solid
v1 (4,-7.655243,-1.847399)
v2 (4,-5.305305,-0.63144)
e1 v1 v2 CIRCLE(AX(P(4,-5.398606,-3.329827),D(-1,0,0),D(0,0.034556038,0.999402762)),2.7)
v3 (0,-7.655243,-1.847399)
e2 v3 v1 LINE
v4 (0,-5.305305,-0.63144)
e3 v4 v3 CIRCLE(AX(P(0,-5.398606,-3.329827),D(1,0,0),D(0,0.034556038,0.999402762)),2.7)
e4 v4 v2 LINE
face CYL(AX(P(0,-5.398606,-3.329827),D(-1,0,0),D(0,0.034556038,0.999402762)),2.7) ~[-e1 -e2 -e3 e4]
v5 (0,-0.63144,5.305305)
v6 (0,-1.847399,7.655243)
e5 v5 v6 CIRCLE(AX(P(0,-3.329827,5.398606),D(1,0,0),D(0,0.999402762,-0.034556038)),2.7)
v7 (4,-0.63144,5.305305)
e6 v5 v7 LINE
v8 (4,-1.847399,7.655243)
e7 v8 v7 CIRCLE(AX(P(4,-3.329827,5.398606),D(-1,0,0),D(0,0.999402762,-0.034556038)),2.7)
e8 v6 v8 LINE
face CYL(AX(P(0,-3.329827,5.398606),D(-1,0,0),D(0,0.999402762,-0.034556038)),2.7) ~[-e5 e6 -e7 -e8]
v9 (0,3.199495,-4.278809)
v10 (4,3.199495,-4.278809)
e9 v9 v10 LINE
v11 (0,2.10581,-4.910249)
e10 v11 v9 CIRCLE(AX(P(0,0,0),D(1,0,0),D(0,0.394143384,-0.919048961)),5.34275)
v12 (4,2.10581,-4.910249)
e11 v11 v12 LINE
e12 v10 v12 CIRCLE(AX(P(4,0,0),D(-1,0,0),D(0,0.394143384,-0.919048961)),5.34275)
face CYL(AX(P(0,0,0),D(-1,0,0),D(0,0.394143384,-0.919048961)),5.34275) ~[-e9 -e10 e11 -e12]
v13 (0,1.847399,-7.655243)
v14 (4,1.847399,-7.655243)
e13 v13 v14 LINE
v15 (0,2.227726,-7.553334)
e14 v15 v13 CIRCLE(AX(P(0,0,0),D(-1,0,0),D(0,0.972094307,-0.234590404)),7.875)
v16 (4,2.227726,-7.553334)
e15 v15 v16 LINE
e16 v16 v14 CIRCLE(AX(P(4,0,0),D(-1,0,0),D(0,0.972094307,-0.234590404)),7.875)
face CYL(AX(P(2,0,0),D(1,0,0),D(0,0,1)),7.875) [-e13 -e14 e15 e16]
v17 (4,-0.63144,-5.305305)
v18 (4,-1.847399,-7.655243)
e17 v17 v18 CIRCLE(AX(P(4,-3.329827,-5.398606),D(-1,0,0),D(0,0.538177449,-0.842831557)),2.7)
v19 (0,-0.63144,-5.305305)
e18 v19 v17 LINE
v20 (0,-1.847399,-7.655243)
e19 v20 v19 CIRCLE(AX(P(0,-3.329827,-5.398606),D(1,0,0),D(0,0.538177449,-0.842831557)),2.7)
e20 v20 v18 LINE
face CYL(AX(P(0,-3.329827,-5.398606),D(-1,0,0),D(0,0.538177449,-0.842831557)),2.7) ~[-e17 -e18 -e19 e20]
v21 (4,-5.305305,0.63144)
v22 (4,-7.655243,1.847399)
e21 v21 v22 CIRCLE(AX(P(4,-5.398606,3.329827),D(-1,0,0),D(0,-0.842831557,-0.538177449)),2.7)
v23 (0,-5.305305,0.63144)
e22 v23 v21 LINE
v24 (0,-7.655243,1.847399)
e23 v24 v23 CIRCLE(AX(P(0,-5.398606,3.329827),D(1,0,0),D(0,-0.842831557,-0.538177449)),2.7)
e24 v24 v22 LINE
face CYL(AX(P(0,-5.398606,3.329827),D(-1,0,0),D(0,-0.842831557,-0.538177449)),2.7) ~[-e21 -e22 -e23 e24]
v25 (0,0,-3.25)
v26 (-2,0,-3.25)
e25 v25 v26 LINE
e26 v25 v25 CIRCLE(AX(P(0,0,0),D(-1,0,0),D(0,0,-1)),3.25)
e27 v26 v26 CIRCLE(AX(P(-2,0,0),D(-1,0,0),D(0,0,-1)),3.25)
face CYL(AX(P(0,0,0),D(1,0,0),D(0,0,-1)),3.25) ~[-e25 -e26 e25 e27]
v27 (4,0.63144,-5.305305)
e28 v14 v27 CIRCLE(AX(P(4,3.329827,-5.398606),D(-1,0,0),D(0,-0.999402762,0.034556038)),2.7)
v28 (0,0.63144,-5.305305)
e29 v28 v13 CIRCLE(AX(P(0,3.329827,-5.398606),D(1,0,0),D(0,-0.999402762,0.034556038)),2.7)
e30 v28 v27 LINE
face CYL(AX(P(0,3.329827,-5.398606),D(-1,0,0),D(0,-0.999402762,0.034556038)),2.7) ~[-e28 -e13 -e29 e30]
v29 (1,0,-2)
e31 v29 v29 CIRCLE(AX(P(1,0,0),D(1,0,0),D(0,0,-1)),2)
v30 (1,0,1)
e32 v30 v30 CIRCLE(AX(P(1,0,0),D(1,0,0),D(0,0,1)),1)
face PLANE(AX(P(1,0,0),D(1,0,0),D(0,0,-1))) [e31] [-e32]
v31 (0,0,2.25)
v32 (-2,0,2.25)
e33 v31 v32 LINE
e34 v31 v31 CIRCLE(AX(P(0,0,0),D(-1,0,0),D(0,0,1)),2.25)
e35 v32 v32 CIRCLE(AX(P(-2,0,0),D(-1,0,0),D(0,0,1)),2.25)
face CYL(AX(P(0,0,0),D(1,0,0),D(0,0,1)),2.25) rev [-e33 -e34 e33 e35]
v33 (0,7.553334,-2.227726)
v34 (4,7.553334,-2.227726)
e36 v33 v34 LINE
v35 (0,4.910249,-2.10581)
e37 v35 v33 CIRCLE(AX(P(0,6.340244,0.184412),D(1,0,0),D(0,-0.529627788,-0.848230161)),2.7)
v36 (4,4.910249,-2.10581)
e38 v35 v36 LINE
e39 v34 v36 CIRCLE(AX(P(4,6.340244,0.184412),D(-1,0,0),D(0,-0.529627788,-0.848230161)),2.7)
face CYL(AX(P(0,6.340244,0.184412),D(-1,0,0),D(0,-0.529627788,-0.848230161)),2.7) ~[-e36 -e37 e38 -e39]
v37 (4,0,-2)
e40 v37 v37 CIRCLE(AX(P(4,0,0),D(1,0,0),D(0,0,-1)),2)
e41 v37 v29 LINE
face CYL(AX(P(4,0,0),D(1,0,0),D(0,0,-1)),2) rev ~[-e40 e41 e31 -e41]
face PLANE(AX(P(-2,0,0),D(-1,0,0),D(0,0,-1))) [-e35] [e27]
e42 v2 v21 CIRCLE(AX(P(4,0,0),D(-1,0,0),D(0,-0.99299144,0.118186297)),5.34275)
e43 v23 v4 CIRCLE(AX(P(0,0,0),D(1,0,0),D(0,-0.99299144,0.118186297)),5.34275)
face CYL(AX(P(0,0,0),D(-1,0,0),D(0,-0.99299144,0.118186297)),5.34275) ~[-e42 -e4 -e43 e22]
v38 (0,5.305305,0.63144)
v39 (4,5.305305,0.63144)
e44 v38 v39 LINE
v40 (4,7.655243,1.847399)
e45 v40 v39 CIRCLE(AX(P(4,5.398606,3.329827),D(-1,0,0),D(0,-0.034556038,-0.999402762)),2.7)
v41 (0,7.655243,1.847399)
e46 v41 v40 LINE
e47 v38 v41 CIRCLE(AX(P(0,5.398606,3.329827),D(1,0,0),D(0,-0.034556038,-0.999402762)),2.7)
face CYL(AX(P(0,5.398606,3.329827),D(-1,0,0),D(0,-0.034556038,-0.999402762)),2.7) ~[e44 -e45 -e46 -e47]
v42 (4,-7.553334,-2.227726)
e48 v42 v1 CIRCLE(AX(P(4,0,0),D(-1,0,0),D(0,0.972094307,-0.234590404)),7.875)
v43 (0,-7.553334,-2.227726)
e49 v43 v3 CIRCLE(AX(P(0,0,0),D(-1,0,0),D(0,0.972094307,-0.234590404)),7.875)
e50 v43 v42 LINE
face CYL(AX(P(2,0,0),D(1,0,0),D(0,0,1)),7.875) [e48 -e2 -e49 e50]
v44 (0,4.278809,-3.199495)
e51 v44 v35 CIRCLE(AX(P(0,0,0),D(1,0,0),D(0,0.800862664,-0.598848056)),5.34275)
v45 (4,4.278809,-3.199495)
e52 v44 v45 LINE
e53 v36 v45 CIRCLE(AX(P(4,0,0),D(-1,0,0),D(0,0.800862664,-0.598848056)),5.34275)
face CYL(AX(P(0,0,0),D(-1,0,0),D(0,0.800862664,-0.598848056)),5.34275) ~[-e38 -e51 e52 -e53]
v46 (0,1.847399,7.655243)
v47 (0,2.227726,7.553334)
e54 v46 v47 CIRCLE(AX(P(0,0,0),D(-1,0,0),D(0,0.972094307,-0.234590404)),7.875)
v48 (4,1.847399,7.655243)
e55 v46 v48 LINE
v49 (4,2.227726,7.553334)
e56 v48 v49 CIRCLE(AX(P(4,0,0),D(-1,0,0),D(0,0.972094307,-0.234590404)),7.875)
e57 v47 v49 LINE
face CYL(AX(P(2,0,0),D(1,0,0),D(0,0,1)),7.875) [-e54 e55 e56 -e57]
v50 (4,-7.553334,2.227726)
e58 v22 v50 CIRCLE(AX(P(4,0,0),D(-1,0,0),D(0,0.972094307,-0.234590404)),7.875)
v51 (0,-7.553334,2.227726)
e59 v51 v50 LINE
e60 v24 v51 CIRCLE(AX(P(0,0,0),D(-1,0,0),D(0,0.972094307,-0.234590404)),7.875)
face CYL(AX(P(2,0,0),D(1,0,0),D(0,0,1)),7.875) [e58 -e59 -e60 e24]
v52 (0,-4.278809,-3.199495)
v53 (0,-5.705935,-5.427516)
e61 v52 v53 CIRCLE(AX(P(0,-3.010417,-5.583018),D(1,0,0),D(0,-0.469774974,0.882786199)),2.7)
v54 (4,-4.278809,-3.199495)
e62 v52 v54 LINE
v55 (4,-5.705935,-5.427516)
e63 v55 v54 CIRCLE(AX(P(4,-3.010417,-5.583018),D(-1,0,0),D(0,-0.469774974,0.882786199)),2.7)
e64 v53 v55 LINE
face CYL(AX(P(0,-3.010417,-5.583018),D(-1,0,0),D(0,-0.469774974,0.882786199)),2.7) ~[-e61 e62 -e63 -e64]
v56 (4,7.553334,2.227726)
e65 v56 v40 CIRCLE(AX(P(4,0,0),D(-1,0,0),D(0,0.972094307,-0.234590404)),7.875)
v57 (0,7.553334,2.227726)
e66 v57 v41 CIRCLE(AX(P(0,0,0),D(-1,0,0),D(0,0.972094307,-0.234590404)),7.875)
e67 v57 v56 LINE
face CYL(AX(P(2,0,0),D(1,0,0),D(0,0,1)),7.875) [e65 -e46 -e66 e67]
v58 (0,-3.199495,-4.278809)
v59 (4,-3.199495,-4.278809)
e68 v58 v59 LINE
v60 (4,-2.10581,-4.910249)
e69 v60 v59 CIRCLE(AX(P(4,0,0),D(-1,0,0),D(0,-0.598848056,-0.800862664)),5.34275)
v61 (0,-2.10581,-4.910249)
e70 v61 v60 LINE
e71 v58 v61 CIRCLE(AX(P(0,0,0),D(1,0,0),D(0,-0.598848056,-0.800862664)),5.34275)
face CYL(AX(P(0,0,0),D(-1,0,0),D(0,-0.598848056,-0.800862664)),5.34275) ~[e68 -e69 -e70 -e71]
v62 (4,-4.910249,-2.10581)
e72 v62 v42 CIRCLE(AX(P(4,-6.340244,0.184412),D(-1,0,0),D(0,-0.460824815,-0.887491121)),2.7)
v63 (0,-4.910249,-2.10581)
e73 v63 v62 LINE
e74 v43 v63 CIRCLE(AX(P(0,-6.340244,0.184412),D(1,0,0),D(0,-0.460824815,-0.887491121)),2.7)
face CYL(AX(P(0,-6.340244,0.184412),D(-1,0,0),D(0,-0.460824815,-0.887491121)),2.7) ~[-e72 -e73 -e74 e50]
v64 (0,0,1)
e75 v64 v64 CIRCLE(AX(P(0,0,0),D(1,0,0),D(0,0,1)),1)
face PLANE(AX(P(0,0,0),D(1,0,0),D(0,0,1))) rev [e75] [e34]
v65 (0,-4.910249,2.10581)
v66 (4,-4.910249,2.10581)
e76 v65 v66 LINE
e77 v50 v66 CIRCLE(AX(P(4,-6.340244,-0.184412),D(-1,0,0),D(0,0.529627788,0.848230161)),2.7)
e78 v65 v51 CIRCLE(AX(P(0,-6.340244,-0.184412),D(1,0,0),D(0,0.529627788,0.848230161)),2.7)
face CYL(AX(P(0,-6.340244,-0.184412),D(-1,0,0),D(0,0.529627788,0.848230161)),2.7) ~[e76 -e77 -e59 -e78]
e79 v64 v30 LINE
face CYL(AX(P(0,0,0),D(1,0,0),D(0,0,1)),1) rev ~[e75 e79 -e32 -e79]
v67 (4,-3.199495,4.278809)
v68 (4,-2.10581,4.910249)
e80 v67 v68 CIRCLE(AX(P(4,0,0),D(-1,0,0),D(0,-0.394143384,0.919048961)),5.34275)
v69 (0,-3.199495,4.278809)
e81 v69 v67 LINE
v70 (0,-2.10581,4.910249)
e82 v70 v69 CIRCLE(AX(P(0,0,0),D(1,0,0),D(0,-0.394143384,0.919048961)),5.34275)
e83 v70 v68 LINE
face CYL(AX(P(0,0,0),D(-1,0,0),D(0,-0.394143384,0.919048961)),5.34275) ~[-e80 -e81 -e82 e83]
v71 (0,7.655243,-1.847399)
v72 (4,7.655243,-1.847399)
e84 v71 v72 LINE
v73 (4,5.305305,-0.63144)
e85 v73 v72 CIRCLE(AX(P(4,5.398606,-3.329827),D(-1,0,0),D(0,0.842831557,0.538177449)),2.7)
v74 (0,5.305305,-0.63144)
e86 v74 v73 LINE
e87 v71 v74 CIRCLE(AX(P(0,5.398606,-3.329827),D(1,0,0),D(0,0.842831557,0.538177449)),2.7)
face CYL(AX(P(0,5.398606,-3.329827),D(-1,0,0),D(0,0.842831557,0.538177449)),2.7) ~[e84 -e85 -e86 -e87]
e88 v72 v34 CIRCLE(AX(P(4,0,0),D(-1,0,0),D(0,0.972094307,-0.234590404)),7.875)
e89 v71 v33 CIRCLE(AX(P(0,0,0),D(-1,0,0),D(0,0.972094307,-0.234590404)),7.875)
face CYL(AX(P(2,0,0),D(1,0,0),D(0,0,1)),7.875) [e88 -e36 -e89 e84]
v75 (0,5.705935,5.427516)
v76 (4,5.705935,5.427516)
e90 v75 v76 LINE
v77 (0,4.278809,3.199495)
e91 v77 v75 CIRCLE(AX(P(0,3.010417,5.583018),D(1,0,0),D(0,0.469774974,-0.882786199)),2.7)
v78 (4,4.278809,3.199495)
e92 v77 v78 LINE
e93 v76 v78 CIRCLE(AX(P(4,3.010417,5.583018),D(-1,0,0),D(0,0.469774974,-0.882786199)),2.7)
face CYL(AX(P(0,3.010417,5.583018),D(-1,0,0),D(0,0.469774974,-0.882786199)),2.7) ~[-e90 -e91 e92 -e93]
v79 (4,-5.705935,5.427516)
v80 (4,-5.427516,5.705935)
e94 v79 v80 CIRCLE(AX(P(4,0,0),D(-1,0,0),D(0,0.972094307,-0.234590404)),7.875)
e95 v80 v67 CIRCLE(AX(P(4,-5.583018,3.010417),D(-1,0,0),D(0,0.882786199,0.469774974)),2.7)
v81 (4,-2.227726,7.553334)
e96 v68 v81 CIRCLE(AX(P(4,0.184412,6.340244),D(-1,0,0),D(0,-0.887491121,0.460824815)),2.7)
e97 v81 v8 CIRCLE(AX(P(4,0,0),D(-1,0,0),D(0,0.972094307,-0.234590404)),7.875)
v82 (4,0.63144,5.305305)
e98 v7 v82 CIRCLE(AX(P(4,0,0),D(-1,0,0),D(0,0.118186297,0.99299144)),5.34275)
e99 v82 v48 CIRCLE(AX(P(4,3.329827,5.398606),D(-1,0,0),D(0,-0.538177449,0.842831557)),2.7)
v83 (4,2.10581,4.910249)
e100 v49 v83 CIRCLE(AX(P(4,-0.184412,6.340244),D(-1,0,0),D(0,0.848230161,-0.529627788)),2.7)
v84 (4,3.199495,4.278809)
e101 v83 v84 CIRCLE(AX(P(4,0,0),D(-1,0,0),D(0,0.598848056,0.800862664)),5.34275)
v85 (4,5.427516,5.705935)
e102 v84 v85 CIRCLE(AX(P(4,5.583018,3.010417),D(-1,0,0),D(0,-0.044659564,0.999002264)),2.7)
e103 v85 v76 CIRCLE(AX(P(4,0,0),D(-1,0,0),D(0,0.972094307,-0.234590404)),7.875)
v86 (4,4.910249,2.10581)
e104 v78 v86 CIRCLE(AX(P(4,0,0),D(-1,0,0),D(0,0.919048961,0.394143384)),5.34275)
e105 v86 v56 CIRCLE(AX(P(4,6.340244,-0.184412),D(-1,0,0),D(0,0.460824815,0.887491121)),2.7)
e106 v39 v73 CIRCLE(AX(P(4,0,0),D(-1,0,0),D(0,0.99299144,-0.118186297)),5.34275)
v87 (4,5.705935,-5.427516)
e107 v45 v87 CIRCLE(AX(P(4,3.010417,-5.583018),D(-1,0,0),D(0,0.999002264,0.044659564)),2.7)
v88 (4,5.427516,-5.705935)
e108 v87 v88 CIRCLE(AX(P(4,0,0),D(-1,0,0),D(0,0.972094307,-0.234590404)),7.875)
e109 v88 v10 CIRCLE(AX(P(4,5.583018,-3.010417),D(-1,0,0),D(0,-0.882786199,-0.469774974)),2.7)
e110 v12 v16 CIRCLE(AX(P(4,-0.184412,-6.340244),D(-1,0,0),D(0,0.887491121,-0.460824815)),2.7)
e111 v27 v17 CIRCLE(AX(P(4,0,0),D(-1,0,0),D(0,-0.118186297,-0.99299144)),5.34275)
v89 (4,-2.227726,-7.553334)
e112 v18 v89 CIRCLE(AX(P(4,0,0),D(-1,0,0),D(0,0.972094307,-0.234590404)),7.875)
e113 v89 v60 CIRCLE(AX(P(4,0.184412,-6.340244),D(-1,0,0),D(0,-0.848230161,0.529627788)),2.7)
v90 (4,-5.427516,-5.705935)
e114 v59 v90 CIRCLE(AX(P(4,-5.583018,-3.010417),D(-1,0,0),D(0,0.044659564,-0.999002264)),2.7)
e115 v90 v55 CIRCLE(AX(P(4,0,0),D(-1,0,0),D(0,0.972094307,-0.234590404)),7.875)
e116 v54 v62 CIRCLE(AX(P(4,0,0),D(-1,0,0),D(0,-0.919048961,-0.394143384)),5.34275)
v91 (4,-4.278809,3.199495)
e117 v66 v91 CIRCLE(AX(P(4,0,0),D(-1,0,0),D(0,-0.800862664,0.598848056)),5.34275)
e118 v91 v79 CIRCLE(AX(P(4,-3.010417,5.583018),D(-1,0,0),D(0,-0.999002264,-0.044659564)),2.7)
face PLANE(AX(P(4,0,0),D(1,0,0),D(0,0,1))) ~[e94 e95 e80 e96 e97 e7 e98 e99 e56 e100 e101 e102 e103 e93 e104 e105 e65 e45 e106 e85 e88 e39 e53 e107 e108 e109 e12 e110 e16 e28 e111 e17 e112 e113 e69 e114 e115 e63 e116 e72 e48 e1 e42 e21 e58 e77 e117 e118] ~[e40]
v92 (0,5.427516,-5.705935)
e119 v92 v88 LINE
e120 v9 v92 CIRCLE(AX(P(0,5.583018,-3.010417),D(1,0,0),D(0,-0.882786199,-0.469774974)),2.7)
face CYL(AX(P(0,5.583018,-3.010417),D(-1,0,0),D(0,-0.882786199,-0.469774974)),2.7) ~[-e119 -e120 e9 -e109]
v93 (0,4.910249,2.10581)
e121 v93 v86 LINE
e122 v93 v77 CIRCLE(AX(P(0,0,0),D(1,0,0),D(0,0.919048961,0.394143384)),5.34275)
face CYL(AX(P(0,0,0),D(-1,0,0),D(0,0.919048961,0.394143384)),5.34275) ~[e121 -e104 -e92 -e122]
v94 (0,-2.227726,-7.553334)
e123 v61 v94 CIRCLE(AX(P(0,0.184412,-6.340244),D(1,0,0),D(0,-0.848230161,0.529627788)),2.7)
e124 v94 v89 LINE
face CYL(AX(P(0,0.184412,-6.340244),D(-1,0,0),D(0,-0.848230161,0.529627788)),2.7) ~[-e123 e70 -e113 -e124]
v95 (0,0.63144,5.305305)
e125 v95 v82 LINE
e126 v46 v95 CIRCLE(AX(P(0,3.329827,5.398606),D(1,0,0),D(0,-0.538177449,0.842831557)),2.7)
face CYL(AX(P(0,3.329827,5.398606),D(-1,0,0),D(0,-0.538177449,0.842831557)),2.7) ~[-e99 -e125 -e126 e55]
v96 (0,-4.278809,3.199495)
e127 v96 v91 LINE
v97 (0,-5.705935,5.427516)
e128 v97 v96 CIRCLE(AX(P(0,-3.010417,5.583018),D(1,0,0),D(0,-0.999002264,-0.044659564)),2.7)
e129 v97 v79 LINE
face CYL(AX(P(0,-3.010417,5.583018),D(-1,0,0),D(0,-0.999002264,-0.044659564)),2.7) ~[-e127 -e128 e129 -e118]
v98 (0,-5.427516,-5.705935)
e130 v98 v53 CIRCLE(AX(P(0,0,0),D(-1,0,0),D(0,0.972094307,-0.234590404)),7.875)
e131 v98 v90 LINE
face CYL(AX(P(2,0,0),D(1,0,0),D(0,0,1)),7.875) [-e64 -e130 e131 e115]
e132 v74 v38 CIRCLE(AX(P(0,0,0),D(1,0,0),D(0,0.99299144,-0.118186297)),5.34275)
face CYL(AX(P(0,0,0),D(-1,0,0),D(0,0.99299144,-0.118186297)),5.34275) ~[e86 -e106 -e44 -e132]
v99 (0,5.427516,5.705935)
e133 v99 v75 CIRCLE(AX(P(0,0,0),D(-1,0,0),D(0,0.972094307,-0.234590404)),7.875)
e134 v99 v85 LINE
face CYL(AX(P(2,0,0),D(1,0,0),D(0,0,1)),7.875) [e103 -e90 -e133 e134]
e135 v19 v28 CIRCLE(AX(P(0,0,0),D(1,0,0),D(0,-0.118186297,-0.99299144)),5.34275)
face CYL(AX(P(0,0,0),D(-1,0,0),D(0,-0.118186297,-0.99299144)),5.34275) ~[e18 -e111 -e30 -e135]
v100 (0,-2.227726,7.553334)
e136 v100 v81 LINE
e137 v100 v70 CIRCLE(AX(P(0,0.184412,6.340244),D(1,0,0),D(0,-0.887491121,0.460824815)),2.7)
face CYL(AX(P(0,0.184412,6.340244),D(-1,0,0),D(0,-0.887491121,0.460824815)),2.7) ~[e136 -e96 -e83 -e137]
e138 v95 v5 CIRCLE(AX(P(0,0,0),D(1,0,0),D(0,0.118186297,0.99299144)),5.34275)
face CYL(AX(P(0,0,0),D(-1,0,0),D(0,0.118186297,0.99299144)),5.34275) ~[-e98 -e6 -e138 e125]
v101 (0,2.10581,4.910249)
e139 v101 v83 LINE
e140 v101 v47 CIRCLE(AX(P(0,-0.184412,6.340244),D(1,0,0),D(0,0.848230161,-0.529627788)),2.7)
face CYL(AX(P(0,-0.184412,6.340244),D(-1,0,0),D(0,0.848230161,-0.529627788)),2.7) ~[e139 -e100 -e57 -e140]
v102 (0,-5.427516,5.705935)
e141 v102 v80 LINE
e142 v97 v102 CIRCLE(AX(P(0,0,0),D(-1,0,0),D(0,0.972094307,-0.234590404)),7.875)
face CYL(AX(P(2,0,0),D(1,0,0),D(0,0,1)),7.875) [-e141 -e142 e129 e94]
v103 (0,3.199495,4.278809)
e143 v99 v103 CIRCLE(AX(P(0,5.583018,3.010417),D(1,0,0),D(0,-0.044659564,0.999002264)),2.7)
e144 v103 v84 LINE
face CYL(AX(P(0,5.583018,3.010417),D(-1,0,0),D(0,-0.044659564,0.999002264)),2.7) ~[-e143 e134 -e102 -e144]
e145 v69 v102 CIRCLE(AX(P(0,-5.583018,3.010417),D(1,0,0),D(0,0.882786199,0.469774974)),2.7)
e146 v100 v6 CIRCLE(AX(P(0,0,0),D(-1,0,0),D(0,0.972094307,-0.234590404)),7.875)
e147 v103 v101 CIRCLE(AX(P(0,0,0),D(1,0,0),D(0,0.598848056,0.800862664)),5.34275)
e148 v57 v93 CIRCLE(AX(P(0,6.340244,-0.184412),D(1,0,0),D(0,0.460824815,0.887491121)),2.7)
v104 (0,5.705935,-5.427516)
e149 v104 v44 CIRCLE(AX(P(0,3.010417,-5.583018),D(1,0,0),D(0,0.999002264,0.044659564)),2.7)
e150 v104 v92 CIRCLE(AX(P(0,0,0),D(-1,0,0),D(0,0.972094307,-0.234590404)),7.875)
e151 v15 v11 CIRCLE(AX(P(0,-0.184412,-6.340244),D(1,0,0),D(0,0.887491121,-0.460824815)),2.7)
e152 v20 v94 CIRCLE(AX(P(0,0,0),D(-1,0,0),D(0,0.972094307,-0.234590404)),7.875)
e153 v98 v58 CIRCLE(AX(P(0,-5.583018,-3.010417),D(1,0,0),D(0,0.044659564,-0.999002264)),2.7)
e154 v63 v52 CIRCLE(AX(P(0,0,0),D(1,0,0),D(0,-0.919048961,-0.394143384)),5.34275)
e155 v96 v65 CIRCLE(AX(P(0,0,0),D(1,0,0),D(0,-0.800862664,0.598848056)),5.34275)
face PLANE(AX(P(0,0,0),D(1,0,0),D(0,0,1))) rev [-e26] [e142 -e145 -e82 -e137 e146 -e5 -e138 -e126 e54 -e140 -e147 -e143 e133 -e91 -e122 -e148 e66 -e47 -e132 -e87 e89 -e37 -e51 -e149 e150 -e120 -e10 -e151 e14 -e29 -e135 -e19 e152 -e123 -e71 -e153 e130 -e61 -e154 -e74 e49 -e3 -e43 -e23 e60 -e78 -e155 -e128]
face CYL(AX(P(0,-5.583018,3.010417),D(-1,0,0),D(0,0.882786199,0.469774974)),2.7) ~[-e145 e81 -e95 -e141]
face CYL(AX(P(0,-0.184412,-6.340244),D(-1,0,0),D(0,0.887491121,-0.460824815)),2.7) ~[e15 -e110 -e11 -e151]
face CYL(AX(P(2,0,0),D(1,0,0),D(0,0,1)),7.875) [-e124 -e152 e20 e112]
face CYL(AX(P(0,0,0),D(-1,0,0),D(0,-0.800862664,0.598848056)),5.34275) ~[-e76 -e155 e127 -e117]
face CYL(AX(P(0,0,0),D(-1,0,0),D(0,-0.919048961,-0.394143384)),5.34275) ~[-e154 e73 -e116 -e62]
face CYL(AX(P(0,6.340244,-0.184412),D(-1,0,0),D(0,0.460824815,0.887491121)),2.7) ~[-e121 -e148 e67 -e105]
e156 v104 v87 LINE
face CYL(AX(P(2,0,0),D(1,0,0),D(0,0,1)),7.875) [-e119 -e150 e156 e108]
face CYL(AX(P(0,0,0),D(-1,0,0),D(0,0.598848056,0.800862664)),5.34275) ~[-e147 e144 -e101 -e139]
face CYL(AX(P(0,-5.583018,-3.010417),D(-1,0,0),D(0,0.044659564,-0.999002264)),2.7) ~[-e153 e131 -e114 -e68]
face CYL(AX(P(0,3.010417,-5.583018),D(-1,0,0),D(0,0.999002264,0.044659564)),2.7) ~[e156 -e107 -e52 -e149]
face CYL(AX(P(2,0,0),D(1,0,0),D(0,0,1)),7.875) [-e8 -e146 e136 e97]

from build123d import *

# Parameters (mm, degrees)
BASPROSKE_W         = 4
BASPROSKE_H         = 7.875
TOOTHCUT_DEPTH      = 12.833480046
TEETHCUTS_COUNT     = 12
TEETHCUTS_ANGLE     = 330
BORSKE_R            = 1
BORE_DEPTH          = 50.0000508
SKETCH1_R           = 3.25
SKETCH1_R_2         = 2.25
BOSS_EXTRUDE1_DEPTH = 2
SKETCH2_R           = 2
CUT_EXTRUDE1_DEPTH  = 3


with BuildPart() as part:
    # BasProSke → Base-Revolve (revolve)
    with BuildSketch(Plane(origin=(0, 0, 0), x_dir=(1, 0, 0), z_dir=(0, 1, 0)), mode=Mode.PRIVATE) as base_revolve_sk:
        with Locations((2, 3.9375)):
            Rectangle(BASPROSKE_W, BASPROSKE_H)
    revolve(base_revolve_sk.sketch.rotate(Axis((-10, 0, 0), (1, 0, 0)), 180), axis=Axis((-10, 0, 0), (1, 0, 0)))

    # TooCutSke → ToothCut (cut, through all)
    with BuildSketch(Plane(origin=(0, 0, 0), x_dir=(0, 0, -1), z_dir=(1, 0, 0))):
        with BuildLine():
            ThreePointArc((0.631439839, 5.305305014), (0, 5.34275), (-0.631439839, 5.305305014))
            ThreePointArc((-0.631439839, 5.305305014), (-0.93992237, 6.654932089), (-1.876748184, 7.674251521))
            ThreePointArc((-1.876748184, 7.674251521), (0, 7.9004), (1.876748184, 7.674251521))
            ThreePointArc((1.876748184, 7.674251521), (0.93992237, 6.654932089), (0.631439839, 5.305305014))
        make_face()
    toothcut = extrude(amount=TOOTHCUT_DEPTH, mode=Mode.SUBTRACT)

    # TeethCuts: ToothCut ×12 about axis
    teethcuts_axis = Axis((-10, 0, 0), (1, 0, 0))
    for i in range(1, TEETHCUTS_COUNT):
        add(toothcut.rotate(teethcuts_axis, i * TEETHCUTS_ANGLE / (TEETHCUTS_COUNT - 1)), mode=Mode.SUBTRACT)

    # BorSke → Bore (cut, symmetric)
    with BuildSketch(Plane(origin=(0, 0, 0), x_dir=(0, 0, -1), z_dir=(1, 0, 0))):
        with Locations(Location((0, 0, 0), (0, 0, 180))):
            Circle(BORSKE_R)
    extrude(amount=BORE_DEPTH, both=True, mode=Mode.SUBTRACT)

    # Sketch1 → Boss-Extrude1 (add)
    with BuildSketch(Plane.ZY):
        with Locations(Location((0, 0, 0), (0, 0, 180))):
            Circle(SKETCH1_R)
        Circle(SKETCH1_R_2, mode=Mode.SUBTRACT)
    extrude(amount=BOSS_EXTRUDE1_DEPTH)

    # Sketch2 → Cut-Extrude1 (cut)
    with BuildSketch(Plane(origin=(4, 0, 0), x_dir=(0, 0, -1), z_dir=(1, 0, 0))):
        Circle(SKETCH2_R)
    extrude(amount=-CUT_EXTRUDE1_DEPTH, mode=Mode.SUBTRACT)


solid = part.part
